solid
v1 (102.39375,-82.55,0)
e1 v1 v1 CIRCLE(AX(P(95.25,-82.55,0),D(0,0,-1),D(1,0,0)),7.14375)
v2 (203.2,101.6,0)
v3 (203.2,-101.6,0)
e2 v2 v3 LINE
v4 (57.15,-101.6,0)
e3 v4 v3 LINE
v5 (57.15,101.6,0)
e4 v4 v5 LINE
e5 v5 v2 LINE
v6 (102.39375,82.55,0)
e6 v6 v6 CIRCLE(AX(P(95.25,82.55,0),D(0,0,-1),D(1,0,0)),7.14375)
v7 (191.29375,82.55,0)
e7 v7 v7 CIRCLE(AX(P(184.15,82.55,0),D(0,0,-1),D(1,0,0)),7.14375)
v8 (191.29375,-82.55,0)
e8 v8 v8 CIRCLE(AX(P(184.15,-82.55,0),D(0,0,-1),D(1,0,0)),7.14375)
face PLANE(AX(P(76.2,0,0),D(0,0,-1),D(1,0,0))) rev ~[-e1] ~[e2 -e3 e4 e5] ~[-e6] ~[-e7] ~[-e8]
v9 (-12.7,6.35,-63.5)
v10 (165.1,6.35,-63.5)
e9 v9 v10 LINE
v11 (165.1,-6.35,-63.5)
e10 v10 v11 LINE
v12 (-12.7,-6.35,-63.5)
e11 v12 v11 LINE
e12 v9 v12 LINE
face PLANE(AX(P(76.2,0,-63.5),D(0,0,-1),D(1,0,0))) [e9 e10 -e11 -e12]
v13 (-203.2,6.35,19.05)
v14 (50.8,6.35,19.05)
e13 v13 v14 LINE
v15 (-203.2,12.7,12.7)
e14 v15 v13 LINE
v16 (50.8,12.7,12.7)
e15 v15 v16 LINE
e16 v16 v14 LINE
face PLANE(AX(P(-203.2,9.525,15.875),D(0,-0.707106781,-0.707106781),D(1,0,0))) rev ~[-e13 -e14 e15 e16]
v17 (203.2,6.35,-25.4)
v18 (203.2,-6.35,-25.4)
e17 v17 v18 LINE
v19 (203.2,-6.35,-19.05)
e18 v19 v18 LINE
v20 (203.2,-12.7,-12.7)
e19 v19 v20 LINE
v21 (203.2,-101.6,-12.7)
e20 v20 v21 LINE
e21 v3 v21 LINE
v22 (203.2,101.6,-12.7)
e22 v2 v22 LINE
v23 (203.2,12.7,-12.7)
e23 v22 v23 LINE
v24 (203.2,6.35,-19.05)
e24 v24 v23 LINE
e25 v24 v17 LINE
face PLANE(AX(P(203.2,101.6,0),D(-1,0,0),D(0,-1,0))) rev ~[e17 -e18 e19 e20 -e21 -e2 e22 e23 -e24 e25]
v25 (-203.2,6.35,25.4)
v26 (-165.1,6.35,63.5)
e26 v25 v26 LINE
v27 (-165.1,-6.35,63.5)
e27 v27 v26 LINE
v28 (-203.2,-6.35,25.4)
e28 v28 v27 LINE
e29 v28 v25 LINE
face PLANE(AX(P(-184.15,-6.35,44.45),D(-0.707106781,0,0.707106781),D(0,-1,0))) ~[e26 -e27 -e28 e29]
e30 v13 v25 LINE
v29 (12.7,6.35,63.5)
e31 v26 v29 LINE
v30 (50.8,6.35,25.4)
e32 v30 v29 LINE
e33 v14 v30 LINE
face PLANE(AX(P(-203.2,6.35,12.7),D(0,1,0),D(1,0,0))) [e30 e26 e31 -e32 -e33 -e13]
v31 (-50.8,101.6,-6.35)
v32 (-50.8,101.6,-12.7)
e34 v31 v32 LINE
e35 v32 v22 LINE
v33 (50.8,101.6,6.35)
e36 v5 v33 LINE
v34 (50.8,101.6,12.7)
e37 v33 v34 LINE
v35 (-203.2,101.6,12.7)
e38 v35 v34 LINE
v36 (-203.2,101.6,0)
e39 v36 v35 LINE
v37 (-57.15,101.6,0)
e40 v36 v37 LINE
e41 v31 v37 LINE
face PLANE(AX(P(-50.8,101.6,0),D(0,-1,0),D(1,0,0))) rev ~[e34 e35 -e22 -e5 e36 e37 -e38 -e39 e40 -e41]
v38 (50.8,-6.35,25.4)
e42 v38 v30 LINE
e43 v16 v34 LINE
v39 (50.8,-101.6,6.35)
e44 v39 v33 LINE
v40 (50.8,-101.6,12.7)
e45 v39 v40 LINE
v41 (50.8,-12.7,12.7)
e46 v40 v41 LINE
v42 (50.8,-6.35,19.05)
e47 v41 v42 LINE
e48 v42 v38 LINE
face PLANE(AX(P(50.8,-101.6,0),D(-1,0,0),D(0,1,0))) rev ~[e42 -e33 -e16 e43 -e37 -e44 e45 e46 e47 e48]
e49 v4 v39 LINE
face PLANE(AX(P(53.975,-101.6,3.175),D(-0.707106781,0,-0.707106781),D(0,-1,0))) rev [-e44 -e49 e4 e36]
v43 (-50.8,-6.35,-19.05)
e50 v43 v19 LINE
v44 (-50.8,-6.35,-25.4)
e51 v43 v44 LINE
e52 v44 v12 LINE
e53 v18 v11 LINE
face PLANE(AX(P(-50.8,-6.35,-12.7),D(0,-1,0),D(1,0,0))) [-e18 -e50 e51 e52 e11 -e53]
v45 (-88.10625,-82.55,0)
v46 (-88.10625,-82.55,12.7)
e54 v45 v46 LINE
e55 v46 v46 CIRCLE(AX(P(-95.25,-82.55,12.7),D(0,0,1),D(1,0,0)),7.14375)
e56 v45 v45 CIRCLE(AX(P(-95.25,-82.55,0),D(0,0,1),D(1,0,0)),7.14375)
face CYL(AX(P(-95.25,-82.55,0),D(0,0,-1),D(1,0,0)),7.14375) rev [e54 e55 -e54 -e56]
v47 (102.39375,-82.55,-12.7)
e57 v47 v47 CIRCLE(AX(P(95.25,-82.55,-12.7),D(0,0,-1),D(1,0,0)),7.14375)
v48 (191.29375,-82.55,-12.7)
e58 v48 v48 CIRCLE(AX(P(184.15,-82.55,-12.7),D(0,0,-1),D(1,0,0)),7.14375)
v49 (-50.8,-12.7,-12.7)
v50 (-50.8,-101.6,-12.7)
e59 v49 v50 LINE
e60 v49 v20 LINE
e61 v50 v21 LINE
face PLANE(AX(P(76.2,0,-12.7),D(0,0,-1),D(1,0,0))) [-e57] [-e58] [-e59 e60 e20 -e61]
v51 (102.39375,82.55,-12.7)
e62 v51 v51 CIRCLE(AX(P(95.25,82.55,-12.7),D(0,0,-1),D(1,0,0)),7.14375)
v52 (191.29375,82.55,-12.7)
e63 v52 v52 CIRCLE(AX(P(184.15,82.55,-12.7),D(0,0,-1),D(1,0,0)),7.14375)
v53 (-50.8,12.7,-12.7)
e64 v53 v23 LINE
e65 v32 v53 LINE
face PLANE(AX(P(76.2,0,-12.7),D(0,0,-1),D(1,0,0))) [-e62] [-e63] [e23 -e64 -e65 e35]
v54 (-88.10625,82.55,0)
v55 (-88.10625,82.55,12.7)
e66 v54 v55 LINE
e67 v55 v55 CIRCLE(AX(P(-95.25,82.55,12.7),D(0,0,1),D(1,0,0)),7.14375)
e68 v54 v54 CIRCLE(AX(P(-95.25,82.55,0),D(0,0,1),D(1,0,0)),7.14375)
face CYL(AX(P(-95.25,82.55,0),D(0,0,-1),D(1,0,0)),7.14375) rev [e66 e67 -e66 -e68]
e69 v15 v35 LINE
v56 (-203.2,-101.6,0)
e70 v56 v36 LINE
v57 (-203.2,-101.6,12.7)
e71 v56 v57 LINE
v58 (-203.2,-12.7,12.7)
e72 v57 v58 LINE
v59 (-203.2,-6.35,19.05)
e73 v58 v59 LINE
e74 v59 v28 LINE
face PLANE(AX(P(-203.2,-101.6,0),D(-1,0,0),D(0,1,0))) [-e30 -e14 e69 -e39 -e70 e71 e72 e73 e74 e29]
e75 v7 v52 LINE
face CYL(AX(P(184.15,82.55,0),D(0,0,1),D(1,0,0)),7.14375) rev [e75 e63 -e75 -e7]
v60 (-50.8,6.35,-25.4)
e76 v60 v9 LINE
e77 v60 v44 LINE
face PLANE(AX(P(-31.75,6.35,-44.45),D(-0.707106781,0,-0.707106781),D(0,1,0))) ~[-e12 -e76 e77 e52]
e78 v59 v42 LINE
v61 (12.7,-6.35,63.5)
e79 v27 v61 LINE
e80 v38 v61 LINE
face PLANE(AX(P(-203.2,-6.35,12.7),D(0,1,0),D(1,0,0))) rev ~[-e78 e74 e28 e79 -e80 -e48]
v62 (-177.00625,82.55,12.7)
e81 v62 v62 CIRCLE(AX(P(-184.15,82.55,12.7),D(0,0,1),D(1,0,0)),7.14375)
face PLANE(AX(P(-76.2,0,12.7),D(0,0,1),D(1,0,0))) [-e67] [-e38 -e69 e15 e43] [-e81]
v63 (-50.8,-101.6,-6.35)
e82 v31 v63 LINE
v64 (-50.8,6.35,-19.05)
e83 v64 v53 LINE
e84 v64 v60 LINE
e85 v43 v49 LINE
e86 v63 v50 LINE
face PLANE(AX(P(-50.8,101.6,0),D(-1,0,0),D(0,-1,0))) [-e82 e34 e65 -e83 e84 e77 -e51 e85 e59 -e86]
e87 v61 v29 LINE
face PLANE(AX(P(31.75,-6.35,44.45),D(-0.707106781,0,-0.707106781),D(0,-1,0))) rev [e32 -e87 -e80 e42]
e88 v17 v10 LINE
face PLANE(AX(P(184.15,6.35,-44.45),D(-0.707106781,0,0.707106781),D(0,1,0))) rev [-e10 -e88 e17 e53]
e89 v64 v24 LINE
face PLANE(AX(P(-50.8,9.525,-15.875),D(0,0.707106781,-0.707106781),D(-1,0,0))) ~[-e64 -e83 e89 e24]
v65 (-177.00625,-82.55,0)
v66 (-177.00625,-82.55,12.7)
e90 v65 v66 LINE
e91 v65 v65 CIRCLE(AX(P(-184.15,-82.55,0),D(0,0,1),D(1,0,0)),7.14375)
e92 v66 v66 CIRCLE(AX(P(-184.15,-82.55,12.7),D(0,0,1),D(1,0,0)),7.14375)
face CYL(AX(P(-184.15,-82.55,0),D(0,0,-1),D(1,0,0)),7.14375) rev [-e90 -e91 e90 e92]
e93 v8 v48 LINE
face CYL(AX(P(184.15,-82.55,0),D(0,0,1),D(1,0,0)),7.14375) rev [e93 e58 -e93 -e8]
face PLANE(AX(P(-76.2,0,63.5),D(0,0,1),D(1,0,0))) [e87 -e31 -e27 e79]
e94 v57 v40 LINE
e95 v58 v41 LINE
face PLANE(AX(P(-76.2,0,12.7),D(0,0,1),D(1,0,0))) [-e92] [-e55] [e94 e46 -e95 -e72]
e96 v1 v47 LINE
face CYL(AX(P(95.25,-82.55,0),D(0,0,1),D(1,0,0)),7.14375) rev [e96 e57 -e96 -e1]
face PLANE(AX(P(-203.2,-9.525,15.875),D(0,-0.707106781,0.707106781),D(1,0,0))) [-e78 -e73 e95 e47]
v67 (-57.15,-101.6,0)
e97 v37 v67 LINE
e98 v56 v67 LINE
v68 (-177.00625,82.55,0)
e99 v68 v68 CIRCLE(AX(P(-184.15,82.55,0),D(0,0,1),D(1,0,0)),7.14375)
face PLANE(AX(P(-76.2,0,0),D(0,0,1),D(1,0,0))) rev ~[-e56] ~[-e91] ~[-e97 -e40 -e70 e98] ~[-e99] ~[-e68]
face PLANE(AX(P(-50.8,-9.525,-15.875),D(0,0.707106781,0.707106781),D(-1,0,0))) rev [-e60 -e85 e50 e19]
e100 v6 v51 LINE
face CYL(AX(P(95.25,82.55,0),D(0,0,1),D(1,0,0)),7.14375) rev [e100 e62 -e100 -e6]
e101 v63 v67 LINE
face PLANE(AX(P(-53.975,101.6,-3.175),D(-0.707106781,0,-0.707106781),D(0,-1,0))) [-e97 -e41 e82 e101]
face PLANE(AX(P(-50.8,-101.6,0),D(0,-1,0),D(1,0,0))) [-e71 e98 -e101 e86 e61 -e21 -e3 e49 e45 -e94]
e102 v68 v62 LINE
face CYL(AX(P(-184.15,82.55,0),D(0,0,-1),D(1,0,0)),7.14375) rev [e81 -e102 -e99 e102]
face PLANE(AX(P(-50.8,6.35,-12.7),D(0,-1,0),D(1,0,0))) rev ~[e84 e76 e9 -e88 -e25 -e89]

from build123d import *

# Parameters (mm, degrees)
F0_W     = 254
F0_H     = 203.2
F0_R     = 7.14375
F1_DEPTH = 12.7
F2_W     = 254
F2_H     = 203.2
F2_R     = 7.14375
F3_DEPTH = 12.7
F4_W     = 254
F4_H     = 12.7
F5_DEPTH = 50.8
F6_SIZE  = 38.1
F7_W     = 254
F7_H     = 12.7
F8_DEPTH = 50.8
F9_SIZE  = 38.1
F10_SIZE = 6.35


with BuildPart() as f1:
    # F0 (on Top) → F1 (new body)
    with BuildSketch(Plane.XY):
        with Locations((-76.2, 0)):
            Rectangle(F0_W, F0_H)
        with Locations((-184.15, -82.55)):
            Circle(F0_R, mode=Mode.SUBTRACT)
        with Locations((-95.25, -82.55)):
            Circle(F0_R, mode=Mode.SUBTRACT)
        with Locations((-184.15, 82.55)):
            Circle(F0_R, mode=Mode.SUBTRACT)
        with Locations((-95.25, 82.55)):
            Circle(F0_R, mode=Mode.SUBTRACT)
    extrude(amount=F1_DEPTH)

    # F2 (on face) → F3 (join)
    with BuildSketch(Plane(origin=(0, 0, 0), x_dir=(1, 0, 0), z_dir=(0, 0, -1))):
        with Locations((76.2, 0)):
            Rectangle(F2_W, F2_H)
        with Locations((95.25, -82.55)):
            Circle(F2_R, mode=Mode.SUBTRACT)
        with Locations((184.15, -82.55)):
            Circle(F2_R, mode=Mode.SUBTRACT)
        with Locations((95.25, 82.55)):
            Circle(F2_R, mode=Mode.SUBTRACT)
        with Locations((184.15, 82.55)):
            Circle(F2_R, mode=Mode.SUBTRACT)
    extrude(amount=F3_DEPTH)

    # F4 (on face) → F5 (join)
    with BuildSketch(Plane.XY.offset(12.7)):
        with Locations((-76.2, 0)):
            Rectangle(F4_W, F4_H)
    extrude(amount=F5_DEPTH)

    # F6
    f6_edges = [f1.edges().sort_by_distance(p)[0] for p in [
        (-203.2, 0, 63.5),
        (50.8, 0, 63.5),
    ]]
    chamfer(f6_edges, length=F6_SIZE)

    # F7 (on face) → F8 (join)
    with BuildSketch(Plane(origin=(0, 0, -12.7), x_dir=(1, 0, 0), z_dir=(0, 0, -1))):
        with Locations((76.2, 0)):
            Rectangle(F7_W, F7_H)
    extrude(amount=F8_DEPTH)

    # F9
    f9_edges = [f1.edges().sort_by_distance(p)[0] for p in [
        (203.2, 0, -63.5),
        (-50.8, 0, -63.5),
    ]]
    chamfer(f9_edges, length=F9_SIZE)

    # F10
    f10_edges = [f1.edges().sort_by_distance(p)[0] for p in [
        (50.8, 0, 0),
        (-76.2, -6.35, 12.7),
        (-76.2, 6.35, 12.7),
        (-50.8, 0, 0),
        (76.2, 6.35, -12.7),
        (76.2, -6.35, -12.7),
    ]]
    chamfer(f10_edges, length=F10_SIZE)


solid = f1.part
